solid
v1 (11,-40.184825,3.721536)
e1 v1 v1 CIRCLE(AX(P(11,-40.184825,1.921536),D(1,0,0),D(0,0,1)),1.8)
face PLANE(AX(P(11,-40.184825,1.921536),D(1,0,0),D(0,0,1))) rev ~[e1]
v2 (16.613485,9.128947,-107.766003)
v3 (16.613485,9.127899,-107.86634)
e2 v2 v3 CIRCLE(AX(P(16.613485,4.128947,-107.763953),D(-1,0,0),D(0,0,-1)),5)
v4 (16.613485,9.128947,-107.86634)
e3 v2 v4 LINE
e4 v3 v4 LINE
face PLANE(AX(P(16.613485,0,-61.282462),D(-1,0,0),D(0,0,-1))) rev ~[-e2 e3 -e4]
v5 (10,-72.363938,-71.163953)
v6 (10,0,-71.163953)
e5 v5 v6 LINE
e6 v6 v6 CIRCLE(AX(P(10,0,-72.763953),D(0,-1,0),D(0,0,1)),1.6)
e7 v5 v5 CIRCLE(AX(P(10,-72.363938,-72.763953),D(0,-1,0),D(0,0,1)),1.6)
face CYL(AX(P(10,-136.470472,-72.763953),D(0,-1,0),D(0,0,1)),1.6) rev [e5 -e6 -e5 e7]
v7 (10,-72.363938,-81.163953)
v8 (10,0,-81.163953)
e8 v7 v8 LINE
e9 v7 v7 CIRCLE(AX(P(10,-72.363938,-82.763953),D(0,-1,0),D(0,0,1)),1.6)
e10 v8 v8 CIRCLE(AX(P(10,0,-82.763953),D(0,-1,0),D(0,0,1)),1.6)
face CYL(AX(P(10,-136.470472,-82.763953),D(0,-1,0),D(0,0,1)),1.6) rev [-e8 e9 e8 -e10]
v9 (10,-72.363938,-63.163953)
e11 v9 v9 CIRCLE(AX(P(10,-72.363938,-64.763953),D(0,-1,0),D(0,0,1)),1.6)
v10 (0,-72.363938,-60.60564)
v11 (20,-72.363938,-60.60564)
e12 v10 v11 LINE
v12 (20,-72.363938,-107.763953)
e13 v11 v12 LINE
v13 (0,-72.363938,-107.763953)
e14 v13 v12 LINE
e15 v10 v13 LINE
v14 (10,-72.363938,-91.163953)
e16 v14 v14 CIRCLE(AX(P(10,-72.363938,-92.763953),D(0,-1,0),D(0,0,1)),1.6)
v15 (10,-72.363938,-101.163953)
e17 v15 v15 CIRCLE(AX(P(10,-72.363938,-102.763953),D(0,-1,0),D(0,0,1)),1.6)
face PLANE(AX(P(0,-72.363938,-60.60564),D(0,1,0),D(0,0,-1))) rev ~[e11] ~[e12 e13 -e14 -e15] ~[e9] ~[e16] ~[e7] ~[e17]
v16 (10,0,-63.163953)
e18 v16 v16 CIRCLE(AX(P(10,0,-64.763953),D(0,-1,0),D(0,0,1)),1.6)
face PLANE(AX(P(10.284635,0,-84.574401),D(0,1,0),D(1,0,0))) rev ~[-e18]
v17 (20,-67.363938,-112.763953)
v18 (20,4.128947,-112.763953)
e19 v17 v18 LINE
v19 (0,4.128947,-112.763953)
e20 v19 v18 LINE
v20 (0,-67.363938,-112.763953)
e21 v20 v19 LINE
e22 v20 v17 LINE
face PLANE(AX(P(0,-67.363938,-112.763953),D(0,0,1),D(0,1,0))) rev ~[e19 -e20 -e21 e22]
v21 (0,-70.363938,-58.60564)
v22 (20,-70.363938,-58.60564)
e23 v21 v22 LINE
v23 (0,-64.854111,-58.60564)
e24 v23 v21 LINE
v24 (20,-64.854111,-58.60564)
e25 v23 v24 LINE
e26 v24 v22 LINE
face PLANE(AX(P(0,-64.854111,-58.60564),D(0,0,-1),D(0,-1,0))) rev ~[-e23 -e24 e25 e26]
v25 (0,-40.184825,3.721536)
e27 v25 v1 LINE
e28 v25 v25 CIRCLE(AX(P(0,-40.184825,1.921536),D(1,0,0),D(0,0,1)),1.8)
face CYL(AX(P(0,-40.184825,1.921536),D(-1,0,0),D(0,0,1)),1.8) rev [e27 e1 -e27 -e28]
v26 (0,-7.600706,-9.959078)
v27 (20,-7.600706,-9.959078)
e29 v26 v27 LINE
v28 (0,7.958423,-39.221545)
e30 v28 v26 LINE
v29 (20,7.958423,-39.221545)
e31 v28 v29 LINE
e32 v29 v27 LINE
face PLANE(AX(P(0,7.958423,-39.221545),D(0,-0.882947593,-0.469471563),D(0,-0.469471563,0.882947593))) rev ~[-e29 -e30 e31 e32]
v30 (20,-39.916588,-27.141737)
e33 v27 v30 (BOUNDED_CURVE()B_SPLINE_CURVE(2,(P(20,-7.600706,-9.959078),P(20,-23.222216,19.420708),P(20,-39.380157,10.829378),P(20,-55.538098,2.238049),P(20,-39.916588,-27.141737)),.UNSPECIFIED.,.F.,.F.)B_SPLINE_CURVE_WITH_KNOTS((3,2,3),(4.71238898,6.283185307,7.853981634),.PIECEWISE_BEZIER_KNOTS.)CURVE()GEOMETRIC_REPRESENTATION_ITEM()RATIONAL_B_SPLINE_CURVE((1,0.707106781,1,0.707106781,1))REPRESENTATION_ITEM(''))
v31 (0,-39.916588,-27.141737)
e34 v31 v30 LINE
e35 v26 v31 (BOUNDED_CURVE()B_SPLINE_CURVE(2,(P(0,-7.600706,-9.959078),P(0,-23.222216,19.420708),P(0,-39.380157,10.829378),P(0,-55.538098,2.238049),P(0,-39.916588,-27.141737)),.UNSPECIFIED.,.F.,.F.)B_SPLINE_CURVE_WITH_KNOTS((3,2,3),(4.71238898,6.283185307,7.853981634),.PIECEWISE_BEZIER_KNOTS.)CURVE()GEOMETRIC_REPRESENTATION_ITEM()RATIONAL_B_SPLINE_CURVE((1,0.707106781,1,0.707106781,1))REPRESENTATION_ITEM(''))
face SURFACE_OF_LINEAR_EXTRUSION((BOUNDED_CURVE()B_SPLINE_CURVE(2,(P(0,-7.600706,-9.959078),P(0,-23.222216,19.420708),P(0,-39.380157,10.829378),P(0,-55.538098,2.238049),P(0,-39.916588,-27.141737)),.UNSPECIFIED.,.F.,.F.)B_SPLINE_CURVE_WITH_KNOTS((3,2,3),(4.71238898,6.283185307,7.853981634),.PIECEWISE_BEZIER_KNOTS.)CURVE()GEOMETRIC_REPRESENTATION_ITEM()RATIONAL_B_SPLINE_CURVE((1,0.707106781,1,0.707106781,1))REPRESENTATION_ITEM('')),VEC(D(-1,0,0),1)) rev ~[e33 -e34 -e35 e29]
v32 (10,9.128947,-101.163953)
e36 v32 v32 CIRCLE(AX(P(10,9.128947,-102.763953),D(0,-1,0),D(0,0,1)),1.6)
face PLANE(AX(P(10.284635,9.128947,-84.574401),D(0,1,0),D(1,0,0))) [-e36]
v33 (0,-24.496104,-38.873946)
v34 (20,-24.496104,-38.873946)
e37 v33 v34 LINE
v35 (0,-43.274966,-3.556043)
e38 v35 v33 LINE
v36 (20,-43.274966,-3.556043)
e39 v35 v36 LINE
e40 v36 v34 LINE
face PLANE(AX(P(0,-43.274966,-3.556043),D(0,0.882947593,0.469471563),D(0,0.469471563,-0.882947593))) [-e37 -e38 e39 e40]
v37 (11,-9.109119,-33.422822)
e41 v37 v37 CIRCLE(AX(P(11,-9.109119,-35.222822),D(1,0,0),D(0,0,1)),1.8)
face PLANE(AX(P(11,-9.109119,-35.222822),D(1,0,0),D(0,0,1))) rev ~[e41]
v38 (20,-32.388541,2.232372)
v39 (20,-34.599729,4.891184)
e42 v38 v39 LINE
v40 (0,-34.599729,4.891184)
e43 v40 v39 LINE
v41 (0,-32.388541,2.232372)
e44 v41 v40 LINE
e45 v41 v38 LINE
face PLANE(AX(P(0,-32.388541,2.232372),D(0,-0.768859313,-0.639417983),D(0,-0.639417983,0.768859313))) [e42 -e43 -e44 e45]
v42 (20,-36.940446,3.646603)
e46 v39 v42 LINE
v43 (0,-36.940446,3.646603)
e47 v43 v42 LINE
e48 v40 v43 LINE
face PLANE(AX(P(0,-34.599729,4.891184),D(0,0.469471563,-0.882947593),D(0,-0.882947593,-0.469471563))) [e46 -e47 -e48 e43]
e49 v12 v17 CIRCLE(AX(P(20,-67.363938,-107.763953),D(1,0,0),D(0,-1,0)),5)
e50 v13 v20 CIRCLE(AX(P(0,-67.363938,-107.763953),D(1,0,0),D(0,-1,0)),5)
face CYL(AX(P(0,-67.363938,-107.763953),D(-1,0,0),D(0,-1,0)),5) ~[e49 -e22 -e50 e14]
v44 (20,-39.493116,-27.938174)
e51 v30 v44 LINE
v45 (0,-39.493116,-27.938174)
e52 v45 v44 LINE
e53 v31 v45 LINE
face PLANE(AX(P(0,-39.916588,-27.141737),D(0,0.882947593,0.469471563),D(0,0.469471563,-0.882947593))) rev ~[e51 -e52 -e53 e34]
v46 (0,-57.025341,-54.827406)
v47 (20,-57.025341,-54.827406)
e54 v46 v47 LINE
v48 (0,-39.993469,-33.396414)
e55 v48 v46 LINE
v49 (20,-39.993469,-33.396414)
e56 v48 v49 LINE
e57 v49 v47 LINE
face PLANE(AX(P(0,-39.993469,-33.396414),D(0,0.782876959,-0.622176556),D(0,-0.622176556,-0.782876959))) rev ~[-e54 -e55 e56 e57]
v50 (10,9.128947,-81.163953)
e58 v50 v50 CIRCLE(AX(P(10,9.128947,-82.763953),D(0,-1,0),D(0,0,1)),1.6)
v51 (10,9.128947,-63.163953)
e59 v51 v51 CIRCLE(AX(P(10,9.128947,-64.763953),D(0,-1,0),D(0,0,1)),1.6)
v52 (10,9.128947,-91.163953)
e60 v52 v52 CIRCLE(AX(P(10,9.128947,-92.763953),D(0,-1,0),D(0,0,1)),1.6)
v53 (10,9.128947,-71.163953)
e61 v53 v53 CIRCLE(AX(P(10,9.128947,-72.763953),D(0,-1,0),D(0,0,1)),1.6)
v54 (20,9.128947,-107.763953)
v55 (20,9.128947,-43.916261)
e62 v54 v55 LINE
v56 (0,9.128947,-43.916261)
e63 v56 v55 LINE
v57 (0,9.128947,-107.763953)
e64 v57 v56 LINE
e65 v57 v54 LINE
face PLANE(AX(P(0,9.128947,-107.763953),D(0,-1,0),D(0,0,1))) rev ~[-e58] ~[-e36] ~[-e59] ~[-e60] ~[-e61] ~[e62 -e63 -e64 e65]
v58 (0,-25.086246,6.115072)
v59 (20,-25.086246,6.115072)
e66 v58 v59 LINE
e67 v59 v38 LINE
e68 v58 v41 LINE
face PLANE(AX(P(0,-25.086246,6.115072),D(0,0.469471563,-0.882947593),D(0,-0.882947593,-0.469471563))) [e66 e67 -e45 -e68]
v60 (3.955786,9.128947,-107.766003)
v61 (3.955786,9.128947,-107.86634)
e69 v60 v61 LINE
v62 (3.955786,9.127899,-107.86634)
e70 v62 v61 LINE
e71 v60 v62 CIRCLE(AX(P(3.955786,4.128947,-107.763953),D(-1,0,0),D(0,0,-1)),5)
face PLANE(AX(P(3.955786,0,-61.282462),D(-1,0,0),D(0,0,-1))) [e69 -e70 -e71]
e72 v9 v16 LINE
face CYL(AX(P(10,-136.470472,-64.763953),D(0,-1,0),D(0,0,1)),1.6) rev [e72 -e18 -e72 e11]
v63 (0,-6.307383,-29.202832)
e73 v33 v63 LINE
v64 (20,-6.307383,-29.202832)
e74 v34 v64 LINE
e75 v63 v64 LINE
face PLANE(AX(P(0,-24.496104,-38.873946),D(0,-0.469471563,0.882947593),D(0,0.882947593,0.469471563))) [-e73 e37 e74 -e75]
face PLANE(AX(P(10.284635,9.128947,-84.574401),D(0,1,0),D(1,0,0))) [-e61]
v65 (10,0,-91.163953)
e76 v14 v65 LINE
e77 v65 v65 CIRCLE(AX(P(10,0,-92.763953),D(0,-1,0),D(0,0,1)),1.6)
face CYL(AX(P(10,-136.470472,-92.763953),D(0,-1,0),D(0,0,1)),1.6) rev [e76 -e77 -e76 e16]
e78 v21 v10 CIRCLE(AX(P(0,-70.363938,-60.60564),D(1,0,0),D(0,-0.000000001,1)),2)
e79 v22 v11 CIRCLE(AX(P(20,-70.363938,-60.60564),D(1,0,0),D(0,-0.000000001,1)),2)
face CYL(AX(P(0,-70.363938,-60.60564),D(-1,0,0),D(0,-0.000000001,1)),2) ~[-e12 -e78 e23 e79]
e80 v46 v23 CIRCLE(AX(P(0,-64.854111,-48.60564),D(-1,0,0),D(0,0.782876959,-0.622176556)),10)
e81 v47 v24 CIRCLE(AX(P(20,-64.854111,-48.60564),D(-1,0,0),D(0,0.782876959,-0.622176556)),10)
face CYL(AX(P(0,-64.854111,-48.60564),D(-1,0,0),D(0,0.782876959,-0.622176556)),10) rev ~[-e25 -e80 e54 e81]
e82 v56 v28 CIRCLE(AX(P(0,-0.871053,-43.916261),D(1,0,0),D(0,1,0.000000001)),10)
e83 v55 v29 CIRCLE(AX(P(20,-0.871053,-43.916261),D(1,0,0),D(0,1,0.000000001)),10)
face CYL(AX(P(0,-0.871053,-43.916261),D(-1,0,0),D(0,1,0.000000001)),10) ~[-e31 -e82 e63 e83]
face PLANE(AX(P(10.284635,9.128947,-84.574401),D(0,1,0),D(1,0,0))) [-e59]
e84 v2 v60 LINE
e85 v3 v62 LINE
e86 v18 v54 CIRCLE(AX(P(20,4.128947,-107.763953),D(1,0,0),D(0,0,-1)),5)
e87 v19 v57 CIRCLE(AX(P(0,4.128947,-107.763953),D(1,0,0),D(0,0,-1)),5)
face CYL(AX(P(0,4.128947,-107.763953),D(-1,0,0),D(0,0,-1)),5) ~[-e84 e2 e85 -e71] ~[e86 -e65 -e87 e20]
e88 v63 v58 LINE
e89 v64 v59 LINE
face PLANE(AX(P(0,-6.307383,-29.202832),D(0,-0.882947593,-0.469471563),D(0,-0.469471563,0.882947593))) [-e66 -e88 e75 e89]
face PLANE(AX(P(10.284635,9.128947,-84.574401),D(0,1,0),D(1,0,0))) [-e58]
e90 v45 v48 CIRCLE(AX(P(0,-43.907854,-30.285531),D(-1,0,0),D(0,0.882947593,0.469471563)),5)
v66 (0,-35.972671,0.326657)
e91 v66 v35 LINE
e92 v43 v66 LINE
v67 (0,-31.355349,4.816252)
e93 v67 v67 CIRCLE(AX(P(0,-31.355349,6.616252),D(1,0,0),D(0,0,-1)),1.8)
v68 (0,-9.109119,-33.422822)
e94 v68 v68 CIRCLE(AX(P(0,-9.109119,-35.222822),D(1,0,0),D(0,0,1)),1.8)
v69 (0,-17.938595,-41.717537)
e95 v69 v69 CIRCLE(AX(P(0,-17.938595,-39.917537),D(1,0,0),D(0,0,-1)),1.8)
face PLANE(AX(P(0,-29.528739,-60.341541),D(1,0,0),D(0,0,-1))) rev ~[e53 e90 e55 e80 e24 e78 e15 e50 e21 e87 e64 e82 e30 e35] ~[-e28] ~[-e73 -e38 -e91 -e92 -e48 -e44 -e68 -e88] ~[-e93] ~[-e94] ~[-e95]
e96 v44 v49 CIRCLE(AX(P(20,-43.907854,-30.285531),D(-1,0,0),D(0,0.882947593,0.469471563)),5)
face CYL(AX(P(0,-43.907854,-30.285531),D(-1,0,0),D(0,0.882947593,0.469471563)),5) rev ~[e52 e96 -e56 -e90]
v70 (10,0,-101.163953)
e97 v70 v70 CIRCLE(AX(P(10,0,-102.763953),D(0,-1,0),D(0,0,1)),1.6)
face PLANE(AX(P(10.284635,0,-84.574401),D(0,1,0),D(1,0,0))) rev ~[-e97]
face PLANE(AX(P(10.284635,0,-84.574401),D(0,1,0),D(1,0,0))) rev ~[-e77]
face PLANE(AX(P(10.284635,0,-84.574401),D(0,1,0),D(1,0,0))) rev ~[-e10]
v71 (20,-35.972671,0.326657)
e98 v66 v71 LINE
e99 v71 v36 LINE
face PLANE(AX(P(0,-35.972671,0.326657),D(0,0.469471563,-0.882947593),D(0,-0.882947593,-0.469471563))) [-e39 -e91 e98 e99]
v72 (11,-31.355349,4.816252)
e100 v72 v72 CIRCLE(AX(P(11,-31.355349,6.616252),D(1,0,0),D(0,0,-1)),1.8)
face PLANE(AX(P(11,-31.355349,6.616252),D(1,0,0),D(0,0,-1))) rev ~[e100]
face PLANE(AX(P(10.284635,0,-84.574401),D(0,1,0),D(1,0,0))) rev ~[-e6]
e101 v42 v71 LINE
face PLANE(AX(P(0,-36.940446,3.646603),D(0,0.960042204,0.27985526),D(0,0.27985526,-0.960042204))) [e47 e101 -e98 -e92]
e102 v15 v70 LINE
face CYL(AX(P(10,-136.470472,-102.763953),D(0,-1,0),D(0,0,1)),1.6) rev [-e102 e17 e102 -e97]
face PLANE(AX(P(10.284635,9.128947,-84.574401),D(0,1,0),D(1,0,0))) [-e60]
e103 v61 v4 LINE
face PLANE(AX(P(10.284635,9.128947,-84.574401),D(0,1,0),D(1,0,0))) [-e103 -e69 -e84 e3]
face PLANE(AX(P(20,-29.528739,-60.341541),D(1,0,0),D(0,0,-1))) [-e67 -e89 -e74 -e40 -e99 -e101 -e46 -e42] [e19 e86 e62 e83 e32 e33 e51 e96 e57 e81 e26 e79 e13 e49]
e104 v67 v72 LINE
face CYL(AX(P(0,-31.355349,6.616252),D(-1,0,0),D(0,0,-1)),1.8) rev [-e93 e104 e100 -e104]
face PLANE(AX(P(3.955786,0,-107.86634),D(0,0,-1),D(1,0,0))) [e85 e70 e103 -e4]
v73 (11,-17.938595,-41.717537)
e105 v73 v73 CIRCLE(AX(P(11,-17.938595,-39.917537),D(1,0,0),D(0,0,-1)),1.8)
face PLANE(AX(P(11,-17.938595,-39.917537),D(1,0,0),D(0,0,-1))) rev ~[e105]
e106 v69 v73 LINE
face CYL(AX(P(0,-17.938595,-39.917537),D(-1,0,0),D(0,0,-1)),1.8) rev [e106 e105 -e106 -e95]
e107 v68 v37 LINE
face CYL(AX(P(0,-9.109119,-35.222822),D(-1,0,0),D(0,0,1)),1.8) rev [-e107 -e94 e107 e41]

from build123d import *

# Parameters (mm, degrees)
EXTRUDE_1_DEPTH          = 20
CUT_EXTRUDE_2_DEPTH      = 20
SKETCH_1_12_R            = 1.8
CUT_EXTRUDE_3_DEPTH      = 11
CUT_EXTRUDE_5_DEPTH      = 136.4704716
CUT_EXTRUDE_5_DEPTH_BACK = 136.4704716
SKETCH_3_R               = 1.6
SKETCH_5_W               = 12.65769882
SKETCH_5_H               = 46.583877405
EXTRUDE_5_DEPTH          = 9.128947


with BuildPart() as part:
    # 草图1 → 凸台-拉伸1 (new body)
    with BuildSketch(Plane(origin=(0, 0, 0), x_dir=(0, 0, -1), z_dir=(1, 0, 0))):
        with BuildLine():
            Line((58.605640082, -64.854110761), (58.605640082, -70.36393759))
            ThreePointArc((58.605640082, -70.36393759), (59.19142652, -71.778151152), (60.605640082, -72.36393759))
            Line((60.605640082, -72.36393759), (107.763953331, -72.36393759))
            ThreePointArc((107.763953331, -72.36393759), (111.299487237, -70.899471496), (112.763953331, -67.36393759))
            Line((112.763953331, -67.36393759), (112.763953331, 4.12894742))
            ThreePointArc((112.763953331, 4.12894742), (111.299487237, 7.664481326), (107.763953331, 9.12894742))
            Line((107.763953331, 9.12894742), (43.916260913, 9.12894742))
            ThreePointArc((43.916260913, 9.12894742), (41.497041957, 8.831904682), (39.221545285, 7.958423348))
            Line((39.221545285, 7.958423348), (9.959078206, -7.600706391))
            add(Edge.make_bspline(
                [(9.959078206, -7.600706391), (-19.420707738, -23.222215678), (-10.829378139, -39.380156627), (-2.23804854, -55.538097577), (27.141737404, -39.91658829)],
                knots=[4.71238898, 4.71238898, 4.71238898, 6.283185307, 6.283185307, 7.853981634, 7.853981634, 7.853981634], degree=2, weights=[1, 0.707106781, 1, 0.707106781, 1]))
            Line((27.141737404, -39.91658829), (27.938173606, -39.49311565))
            ThreePointArc((27.938173606, -39.49311565), (30.741964236, -38.928730289), (33.396414198, -39.993468817))
            Line((33.396414198, -39.993468817), (54.827405639, -57.025341167))
            ThreePointArc((54.827405639, -57.025341167), (57.611684041, -60.507713148), (58.605640082, -64.854110761))
        make_face()
    extrude(amount=EXTRUDE_1_DEPTH)

    # 草图1<11> → 切除-拉伸2 (cut)
    with BuildSketch(Plane(origin=(0, 0, 0), x_dir=(0, 0, -1), z_dir=(1, 0, 0))):
        Polygon((-6.115071551, -25.08624568), (-2.232372323, -32.388540875), (-4.891184355, -34.599728538), (-3.646603058, -36.940445521), (-0.326656585, -35.972670897), (3.556042643, -43.274966093), (38.873946357, -24.496103581), (29.202832164, -6.307383168), align=None)
    extrude(amount=CUT_EXTRUDE_2_DEPTH, mode=Mode.SUBTRACT)

    # 草图1<12> → 切除-拉伸3 (cut)
    with BuildSketch(Plane(origin=(0, 0, 0), x_dir=(0, 0, -1), z_dir=(1, 0, 0))):
        with Locations((39.917537446, -17.938595088)):
            Circle(SKETCH_1_12_R)
        with Locations((-6.61625152, -31.355349065)):
            Circle(SKETCH_1_12_R)
        with Locations(Location((-1.921535892, -40.184824994, 0), (0, 0, 180))):
            Circle(SKETCH_1_12_R)
        with Locations(Location((35.222821818, -9.109119159, 0), (0, 0, 180))):
            Circle(SKETCH_1_12_R)
    extrude(amount=CUT_EXTRUDE_3_DEPTH, mode=Mode.SUBTRACT)

    # 草图3 → 切除-拉伸5 (cut, two sides: drawn at the far end of the back side and taken through both)
    with BuildSketch(Plane(origin=(0, 0, 0), x_dir=(1, 0, 0), z_dir=(0, 1, 0)).offset(-CUT_EXTRUDE_5_DEPTH_BACK)):
        with Locations(Location((10, 102.763953331, 0), (0, 0, 270))):
            Circle(SKETCH_3_R)
        with Locations(Location((10, 92.763953331, 0), (0, 0, 270))):
            Circle(SKETCH_3_R)
        with Locations(Location((10, 82.763953331, 0), (0, 0, 270))):
            Circle(SKETCH_3_R)
        with Locations(Location((10, 72.763953331, 0), (0, 0, 270))):
            Circle(SKETCH_3_R)
        with Locations(Location((10, 64.763953331, 0), (0, 0, 270))):
            Circle(SKETCH_3_R)
    extrude(amount=CUT_EXTRUDE_5_DEPTH + CUT_EXTRUDE_5_DEPTH_BACK, mode=Mode.SUBTRACT)

    # 草图5 → 凸台-拉伸5 (add)
    with BuildSketch(Plane(origin=(0, 0, 0), x_dir=(1, 0, 0), z_dir=(0, 1, 0))):
        with Locations((10.284635372, 84.574401096)):
            Rectangle(SKETCH_5_W, SKETCH_5_H)
    extrude(amount=EXTRUDE_5_DEPTH)


solid = part.part
